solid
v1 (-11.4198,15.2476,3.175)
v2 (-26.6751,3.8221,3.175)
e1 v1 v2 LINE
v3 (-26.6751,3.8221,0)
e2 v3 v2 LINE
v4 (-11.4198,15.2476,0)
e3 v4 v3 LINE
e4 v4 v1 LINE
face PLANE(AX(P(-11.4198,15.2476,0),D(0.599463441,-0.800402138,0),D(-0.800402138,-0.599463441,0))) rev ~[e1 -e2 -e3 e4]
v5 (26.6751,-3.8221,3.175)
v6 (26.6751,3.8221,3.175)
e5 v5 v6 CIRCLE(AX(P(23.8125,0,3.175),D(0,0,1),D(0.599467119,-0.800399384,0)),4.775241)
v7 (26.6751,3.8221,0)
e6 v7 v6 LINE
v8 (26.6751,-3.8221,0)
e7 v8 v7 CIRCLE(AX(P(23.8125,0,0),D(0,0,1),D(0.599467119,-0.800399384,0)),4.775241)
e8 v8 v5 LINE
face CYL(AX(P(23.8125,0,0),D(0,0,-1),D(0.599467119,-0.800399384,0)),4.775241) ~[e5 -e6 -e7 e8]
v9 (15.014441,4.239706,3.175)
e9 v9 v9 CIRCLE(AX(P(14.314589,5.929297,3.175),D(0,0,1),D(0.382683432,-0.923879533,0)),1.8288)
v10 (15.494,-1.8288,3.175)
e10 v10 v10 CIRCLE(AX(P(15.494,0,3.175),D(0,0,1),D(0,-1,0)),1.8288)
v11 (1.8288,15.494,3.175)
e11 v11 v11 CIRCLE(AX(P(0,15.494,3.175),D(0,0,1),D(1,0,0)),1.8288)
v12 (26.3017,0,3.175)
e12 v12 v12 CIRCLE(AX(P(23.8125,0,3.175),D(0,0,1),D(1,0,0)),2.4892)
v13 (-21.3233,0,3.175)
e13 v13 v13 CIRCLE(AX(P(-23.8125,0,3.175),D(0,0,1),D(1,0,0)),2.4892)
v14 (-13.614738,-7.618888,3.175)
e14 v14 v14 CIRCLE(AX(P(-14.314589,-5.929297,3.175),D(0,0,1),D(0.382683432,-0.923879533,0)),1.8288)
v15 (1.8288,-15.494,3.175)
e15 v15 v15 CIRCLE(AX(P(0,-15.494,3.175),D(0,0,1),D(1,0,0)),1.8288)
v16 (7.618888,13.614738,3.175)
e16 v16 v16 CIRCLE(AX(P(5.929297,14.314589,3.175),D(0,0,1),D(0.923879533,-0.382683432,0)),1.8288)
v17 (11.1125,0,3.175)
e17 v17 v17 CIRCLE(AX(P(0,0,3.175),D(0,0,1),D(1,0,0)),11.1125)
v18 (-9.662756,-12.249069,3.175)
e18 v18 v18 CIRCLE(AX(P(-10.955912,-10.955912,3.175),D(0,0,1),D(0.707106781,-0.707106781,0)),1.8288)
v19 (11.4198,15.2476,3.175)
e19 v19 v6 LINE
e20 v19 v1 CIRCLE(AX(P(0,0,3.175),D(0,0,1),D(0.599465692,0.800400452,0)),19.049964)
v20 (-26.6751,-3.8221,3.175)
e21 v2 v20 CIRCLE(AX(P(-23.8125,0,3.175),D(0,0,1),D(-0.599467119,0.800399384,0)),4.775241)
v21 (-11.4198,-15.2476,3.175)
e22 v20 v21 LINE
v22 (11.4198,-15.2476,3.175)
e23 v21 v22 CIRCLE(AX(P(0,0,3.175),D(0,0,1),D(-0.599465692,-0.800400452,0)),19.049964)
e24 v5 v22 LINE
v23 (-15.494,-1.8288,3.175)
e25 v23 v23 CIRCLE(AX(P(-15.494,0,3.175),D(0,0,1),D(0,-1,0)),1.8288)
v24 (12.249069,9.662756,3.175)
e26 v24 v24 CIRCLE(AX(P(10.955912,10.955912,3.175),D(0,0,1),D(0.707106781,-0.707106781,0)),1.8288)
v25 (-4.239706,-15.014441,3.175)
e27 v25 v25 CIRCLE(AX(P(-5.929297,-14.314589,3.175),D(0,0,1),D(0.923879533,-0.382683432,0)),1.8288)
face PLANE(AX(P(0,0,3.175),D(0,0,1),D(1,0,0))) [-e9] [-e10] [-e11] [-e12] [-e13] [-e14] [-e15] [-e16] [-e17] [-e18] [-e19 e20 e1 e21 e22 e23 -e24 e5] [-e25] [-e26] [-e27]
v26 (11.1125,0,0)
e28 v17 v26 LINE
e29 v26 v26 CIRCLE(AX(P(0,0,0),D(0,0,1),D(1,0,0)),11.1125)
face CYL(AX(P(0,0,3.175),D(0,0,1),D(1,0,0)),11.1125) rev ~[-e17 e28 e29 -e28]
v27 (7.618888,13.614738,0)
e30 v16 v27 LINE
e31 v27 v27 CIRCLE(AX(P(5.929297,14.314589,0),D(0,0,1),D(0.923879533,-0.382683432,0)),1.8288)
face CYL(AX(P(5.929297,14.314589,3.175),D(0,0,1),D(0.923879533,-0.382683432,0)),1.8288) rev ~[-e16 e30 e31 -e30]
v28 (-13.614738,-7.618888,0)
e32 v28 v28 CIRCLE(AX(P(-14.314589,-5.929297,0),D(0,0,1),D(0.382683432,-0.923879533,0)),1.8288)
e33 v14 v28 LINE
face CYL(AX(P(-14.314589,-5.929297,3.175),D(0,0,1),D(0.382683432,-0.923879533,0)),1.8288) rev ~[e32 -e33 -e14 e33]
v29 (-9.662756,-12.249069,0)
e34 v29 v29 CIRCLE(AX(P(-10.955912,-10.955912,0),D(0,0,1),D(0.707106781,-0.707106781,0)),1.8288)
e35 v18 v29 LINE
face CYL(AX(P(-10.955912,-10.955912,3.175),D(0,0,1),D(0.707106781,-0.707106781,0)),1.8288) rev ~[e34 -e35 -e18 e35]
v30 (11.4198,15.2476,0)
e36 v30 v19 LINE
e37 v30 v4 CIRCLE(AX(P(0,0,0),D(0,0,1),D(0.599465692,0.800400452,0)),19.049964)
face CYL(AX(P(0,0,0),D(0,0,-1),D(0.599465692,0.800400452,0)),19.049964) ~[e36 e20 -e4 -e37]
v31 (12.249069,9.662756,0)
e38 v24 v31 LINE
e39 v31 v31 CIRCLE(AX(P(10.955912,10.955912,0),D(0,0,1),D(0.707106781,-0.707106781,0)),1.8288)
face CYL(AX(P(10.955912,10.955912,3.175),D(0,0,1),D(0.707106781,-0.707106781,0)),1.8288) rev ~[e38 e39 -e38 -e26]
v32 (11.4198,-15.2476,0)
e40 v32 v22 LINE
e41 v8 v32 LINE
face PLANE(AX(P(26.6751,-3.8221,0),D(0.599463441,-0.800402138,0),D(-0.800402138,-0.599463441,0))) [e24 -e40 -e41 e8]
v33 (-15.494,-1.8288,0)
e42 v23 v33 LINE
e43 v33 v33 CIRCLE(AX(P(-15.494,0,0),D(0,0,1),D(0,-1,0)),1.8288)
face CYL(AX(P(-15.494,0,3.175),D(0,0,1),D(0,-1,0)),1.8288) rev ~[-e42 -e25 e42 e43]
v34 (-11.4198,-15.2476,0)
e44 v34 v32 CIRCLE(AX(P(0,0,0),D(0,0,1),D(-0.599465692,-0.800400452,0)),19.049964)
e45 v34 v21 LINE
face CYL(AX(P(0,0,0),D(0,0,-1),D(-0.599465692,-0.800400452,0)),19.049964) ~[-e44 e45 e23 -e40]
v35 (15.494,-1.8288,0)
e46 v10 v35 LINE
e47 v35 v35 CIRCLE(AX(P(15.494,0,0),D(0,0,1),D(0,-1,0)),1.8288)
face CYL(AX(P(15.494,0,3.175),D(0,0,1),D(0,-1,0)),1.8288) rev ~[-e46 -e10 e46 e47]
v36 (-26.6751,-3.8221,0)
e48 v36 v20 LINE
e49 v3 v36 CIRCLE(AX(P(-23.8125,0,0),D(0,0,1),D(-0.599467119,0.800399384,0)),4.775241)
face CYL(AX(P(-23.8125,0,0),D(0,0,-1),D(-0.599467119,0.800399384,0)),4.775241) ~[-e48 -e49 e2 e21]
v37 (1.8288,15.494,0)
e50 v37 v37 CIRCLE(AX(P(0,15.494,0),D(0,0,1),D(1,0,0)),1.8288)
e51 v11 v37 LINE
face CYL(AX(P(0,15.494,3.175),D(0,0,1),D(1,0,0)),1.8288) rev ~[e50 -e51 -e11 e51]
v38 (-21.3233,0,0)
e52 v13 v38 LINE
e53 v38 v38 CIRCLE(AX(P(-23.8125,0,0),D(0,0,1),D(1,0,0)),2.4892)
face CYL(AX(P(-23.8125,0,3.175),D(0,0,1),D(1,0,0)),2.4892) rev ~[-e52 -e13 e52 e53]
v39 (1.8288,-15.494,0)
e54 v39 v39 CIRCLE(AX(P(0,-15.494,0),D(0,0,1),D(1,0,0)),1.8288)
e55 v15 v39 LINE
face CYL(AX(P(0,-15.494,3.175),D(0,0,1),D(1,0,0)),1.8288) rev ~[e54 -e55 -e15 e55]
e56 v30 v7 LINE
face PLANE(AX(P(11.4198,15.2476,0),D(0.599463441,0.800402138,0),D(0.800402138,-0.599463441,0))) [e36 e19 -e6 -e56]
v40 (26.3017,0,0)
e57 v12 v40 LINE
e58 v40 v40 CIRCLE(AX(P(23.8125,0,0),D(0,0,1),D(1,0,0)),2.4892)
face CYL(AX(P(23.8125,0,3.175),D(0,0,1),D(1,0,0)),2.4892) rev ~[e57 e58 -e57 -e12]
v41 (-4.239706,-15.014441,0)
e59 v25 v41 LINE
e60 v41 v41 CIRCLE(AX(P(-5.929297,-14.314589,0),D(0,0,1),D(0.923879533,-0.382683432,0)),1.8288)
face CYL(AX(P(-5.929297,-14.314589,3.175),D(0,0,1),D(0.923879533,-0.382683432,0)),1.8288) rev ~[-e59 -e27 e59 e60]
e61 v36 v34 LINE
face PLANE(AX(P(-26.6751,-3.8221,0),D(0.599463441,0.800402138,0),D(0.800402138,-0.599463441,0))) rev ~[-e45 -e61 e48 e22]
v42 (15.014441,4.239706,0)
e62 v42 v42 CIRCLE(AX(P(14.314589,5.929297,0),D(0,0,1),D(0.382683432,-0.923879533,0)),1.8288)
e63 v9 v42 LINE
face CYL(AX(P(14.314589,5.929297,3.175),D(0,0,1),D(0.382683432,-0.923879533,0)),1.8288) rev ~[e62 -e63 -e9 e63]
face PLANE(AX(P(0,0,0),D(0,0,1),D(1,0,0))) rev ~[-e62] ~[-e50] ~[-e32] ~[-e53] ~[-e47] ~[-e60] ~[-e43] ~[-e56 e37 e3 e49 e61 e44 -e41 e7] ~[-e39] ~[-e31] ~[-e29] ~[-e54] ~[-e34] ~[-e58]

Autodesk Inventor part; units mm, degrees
ref_plane "YZ Plane" through (0, 0, 0) normal (1, 0, 0) x (0, 1, 0)
ref_plane "XZ Plane" through (0, 0, 0) normal (0, 1, 0) x (-1, 0, 0)
ref_plane "XY Plane" through (0, 0, 0) normal (0, 0, 1) x (1, 0, 0)
sketch "Sketch1" plane through (0, 0, 0) normal (0, 0, 1) x (1, 0, 0)
  line L0 (-11.4198, 15.2476) -> (-26.6751, 3.8221)
  line L1 (-26.6751, -3.8221) -> (-11.4198, -15.2476)
  line L2 (11.4198, 15.2476) -> (26.6751, 3.8221)
  line L3 (26.6751, -3.8221) -> (11.4198, -15.2476)
  line L4 (-31.7782, 0) -> (31.7782, 0) construction
  arc A0 (-26.6751, 3.8221) -> (-26.6751, -3.8221) centre (-23.8125, 0) ccw
  arc A1 (26.6751, -3.8221) -> (26.6751, 3.8221) centre (23.8125, 0) ccw
  arc A2 (-11.4198, -15.2476) -> (11.4198, -15.2476) centre (0, 0) ccw
  arc A3 (11.4198, 15.2476) -> (-11.4198, 15.2476) centre (0, 0) ccw
  dimension "d1" = 4.7752
  dimension "d2" = 47.625
extrude "Extrusion1" add sketch "Sketch1" along normal blind 3.175
sketch "Sketch2" plane through (0, 0, 3.175) normal (0, 0, 1) x (1, 0, 0)
  arc A0 (-26.6751, 3.8221) -> (-26.6751, -3.8221) centre (-23.8125, 0) ccw projected
  arc A1 (26.6751, -3.8221) -> (26.6751, 3.8221) centre (23.8125, 0) ccw projected
  circle A2 centre (-23.8125, 0) radius 2.4892
  circle A3 centre (23.8125, 0) radius 2.4892
  circle A4 centre (0, 0) radius 11.1125
  dimension "d5" = 22.225
  dimension "d6" = 4.9784
extrude "Extrusion2" cut sketch "Sketch2" against normal blind 3.175
sketch "Sketch3" plane through (0, 0, 3.175) normal (0, 0, 1) x (1, 0, 0)
  arc A0 (11.4198, 15.2476) -> (-11.4198, 15.2476) centre (0, 0) ccw projected
  line L0 (0, 19.05) -> (0, -19.6536) construction
  circle A1 centre (0, 15.494) radius 1.8288
  circle A2 centre (0, -15.494) radius 1.8288
  dimension "d9" = 30.988
  dimension "d10" = 15.494
  dimension "d11" = 3.6576
extrude "Extrusion3" cut sketch "Sketch3" against normal blind 3.175
pattern_circular "Circular Pattern1" count 5 over 90 about axis through (0, 0, 3.175) along (0, 0, -1) of "Extrusion3"
properties part number "Pancake Mount Plate" material "Steel, Galvanized"
